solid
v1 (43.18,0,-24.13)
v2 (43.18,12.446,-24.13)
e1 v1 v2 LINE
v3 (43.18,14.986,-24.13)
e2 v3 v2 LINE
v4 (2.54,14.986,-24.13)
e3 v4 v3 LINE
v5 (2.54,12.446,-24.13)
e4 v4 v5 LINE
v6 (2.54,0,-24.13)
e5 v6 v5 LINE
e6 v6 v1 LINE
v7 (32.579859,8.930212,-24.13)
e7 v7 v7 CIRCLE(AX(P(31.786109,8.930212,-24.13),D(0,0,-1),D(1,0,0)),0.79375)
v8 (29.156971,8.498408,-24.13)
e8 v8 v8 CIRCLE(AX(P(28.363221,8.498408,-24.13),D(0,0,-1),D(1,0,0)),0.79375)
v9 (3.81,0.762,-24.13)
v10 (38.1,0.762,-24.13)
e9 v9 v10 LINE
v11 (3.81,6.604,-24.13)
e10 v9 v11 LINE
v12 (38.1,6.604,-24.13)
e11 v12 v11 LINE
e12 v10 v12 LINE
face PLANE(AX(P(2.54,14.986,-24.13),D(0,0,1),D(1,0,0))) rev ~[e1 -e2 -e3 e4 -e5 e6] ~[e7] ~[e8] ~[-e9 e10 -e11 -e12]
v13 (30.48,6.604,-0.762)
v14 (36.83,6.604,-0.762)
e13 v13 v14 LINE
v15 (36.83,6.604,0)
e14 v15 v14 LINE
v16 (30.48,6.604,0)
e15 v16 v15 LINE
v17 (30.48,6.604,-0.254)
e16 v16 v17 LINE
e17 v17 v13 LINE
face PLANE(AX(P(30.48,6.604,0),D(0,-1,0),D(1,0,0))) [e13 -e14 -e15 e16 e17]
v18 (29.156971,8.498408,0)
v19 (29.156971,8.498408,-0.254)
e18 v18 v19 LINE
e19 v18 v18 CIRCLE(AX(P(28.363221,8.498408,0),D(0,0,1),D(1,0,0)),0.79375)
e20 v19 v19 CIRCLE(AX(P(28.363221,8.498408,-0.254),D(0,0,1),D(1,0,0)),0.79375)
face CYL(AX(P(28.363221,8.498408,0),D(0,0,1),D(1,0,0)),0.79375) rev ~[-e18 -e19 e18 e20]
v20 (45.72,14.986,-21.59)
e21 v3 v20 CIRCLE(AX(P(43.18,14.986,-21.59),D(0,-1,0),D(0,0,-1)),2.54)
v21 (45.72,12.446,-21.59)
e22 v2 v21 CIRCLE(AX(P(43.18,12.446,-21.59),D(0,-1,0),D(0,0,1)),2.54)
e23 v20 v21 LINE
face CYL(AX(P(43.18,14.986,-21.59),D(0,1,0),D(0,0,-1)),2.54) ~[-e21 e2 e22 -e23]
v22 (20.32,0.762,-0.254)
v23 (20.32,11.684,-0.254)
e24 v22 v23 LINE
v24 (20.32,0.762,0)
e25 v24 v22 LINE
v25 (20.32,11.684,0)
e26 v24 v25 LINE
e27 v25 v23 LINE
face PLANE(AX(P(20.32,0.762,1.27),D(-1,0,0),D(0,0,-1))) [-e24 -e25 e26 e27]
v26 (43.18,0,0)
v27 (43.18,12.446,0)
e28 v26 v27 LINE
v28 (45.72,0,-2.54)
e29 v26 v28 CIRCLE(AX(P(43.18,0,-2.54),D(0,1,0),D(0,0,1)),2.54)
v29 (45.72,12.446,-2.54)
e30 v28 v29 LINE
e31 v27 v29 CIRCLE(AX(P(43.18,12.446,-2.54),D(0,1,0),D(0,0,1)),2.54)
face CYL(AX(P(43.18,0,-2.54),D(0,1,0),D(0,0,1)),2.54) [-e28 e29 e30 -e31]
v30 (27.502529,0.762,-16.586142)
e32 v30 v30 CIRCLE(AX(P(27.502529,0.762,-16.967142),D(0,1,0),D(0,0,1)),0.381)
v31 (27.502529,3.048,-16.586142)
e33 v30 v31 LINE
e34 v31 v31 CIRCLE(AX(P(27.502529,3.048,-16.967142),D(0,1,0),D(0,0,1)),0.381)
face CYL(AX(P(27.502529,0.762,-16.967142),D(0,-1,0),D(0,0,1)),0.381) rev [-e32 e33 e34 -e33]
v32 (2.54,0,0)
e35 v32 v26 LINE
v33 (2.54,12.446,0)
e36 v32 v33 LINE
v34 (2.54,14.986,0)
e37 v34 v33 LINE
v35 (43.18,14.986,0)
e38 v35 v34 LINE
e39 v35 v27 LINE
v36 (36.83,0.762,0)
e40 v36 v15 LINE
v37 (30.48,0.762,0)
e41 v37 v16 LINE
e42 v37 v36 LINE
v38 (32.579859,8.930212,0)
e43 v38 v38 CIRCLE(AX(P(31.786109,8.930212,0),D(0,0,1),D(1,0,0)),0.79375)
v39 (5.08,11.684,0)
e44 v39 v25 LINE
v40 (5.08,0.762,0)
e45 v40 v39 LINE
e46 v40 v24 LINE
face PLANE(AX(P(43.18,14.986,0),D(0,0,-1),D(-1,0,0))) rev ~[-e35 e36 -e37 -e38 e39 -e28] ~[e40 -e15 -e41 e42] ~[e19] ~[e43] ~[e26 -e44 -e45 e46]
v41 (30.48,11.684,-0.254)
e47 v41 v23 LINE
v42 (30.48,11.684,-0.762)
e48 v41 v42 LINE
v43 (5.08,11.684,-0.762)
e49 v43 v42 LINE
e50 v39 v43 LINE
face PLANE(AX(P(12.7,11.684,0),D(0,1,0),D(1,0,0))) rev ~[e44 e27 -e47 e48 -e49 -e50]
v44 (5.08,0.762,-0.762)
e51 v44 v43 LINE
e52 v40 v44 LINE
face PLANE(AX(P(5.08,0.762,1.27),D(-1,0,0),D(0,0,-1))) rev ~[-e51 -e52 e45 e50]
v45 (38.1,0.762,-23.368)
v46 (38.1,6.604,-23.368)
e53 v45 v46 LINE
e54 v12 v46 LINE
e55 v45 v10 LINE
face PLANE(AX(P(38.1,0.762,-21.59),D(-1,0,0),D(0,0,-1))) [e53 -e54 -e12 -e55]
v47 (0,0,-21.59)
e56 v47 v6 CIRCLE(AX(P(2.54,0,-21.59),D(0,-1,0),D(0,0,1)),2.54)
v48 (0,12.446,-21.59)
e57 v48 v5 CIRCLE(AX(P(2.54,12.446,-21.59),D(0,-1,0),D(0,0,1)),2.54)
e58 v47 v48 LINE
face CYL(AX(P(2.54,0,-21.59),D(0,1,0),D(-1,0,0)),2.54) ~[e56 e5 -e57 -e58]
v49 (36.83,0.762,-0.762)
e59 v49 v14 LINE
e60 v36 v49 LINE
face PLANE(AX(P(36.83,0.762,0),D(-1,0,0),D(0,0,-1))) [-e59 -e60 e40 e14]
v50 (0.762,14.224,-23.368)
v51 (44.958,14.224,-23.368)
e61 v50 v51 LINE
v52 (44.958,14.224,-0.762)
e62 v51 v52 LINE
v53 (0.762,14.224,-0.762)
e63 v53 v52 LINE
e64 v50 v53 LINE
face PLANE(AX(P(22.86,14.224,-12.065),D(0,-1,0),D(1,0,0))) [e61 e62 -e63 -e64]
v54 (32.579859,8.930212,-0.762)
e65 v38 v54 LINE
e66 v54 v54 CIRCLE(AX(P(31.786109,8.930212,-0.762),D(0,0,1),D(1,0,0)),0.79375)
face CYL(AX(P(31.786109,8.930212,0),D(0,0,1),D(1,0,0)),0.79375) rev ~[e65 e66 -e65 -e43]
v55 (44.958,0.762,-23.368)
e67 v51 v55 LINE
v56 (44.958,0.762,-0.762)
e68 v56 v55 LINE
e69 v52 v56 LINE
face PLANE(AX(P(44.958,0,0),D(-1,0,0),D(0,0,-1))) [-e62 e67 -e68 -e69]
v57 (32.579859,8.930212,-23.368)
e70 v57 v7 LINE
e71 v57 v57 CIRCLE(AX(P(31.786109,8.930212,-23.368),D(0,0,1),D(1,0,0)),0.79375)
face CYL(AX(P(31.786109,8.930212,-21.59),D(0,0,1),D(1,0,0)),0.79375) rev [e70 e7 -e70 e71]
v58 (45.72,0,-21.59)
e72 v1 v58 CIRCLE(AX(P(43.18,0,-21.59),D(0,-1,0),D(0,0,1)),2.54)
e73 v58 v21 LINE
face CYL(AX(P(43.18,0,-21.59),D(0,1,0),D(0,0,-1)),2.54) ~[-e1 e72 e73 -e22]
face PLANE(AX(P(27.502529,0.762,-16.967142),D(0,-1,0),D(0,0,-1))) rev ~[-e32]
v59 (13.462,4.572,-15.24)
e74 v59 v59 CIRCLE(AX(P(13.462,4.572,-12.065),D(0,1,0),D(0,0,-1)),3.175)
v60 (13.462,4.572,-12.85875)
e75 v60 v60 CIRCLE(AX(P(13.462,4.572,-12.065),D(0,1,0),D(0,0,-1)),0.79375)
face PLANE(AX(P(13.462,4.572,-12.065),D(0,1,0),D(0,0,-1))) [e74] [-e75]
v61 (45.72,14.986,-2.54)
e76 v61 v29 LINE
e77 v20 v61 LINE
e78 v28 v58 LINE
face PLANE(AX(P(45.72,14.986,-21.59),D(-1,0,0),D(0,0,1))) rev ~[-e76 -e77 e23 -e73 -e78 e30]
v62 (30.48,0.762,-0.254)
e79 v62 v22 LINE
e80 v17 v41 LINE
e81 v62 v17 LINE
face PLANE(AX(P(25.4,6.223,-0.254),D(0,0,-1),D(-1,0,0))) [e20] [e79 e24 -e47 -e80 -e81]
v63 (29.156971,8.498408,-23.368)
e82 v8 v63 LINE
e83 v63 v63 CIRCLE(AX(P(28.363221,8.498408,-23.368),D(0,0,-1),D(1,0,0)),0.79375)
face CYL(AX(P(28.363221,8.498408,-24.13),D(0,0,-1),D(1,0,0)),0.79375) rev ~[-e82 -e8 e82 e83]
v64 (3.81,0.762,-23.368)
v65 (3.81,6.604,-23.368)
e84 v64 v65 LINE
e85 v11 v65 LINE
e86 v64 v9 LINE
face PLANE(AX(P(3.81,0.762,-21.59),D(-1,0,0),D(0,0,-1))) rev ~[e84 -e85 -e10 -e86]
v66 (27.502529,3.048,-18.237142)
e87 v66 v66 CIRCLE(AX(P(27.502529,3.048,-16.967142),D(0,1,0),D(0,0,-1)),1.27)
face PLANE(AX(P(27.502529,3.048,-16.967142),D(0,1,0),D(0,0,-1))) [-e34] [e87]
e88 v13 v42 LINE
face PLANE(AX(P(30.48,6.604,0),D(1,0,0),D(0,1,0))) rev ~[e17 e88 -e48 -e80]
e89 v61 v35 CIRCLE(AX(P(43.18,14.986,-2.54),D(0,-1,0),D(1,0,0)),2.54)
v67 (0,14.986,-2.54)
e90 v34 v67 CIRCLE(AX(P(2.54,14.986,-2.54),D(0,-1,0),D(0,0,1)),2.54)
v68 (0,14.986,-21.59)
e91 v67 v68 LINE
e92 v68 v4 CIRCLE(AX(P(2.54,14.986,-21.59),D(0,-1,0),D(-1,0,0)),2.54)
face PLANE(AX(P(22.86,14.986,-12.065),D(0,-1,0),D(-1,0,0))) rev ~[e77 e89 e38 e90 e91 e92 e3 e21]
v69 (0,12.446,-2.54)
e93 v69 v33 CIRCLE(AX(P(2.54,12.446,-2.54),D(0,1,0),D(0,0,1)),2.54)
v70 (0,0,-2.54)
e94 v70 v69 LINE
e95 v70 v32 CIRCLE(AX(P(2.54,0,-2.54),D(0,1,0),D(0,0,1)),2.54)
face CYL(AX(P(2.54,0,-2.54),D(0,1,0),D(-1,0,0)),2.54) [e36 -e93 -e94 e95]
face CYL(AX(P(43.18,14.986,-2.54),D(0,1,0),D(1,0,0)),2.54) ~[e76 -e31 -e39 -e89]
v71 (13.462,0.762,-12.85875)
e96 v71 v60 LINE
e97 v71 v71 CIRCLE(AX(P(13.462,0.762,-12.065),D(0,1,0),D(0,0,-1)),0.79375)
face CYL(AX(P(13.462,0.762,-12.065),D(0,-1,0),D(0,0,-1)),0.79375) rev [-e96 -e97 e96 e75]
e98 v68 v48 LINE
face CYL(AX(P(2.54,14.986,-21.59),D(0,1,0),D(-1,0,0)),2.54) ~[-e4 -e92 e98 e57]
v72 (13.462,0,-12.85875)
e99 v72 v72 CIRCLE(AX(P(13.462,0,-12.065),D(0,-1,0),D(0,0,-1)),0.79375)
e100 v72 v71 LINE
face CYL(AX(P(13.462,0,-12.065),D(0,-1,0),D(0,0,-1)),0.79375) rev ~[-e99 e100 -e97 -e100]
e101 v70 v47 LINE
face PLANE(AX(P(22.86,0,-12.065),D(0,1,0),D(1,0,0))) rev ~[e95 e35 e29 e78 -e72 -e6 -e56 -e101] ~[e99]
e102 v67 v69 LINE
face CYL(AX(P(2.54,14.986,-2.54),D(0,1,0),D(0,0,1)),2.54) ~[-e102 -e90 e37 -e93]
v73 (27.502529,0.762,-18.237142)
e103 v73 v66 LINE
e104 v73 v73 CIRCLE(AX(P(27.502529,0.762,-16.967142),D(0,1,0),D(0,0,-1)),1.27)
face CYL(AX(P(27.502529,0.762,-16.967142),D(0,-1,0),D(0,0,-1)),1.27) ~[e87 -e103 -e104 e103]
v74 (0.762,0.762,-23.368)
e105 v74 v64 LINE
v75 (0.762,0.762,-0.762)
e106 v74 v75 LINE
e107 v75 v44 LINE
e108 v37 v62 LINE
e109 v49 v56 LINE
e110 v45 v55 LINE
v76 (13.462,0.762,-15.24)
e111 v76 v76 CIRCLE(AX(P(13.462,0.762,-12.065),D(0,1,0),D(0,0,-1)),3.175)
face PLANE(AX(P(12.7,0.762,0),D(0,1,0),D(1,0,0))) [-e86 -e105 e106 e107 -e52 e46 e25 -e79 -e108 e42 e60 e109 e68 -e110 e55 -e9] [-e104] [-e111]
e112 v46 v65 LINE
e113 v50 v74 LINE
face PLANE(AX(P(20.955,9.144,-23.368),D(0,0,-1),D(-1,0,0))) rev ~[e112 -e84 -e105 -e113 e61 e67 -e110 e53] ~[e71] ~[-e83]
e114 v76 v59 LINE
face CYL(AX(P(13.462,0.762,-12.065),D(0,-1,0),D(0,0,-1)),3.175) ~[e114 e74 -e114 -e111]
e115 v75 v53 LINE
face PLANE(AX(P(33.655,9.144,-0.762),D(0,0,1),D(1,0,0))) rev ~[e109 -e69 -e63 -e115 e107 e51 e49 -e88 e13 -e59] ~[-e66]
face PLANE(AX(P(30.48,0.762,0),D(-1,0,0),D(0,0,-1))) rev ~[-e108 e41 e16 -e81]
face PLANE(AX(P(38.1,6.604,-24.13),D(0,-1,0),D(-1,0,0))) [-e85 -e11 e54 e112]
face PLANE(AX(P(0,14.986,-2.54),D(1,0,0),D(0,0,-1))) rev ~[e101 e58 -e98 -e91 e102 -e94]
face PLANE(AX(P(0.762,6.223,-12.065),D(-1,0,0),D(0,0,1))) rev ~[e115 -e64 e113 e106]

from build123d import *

# Parameters (mm, degrees)
SKETCH1_W           = 45.72
SKETCH1_H           = 24.13
BOSS_EXTRUDE1_DEPTH = 12.446
SHELL2_T            = -0.762
SKETCH2_W           = 22.606
SKETCH2_H           = 10.922
BOSS_EXTRUDE2_DEPTH = 0.762
FILLET1_R           = 2.54
SKETCH4_W           = 34.29
SKETCH4_H           = 3.81
SKETCH4_W_2         = 15.24
SKETCH4_H_2         = 2.54
CUT_EXTRUDE2_DEPTH  = 10.922
SKETCH6_W           = 6.35
SKETCH6_H           = 1.27
CUT_EXTRUDE3_DEPTH  = 10.922
SKETCH7_W           = 10.16
SKETCH7_H           = 10.922
CUT_EXTRUDE4_DEPTH  = 0.508
SKETCH8_R           = 3.175
SKETCH8_R_2         = 0.79375
BOSS_EXTRUDE3_DEPTH = 3.81
SKETCH9_R           = 1.27
SKETCH9_R_2         = 0.381
BOSS_EXTRUDE4_DEPTH = 2.286
CUT_EXTRUDE5_REACH  = 55.174
SKETCH10_R          = 0.79375
SKETCH10_R_2        = 0.381
BOSS_EXTRUDE5_START = -0.762
SKETCH11_R          = 0.381
BOSS_EXTRUDE5_DEPTH = 0.762
SKETCH12_R          = 0.79375
CUT_EXTRUDE6_DEPTH  = 0.762
SKETCH13_W          = 34.29
SKETCH13_H          = 5.08
BOSS_EXTRUDE6_DEPTH = 0.762
SKETCH14_R          = 0.79375
CUT_EXTRUDE7_DEPTH  = 54.174037048
BOSS_EXTRUDE7_START = 2.54
BOSS_EXTRUDE7_DEPTH = 2.54
SKETCH16_W          = 44.196
SKETCH16_H          = 22.606
CUT_EXTRUDE9_DEPTH  = 2.54
SKETCH18_W          = 6.35
SKETCH18_H          = 5.08
SKETCH18_R          = 0.79375
BOSS_EXTRUDE8_DEPTH = 0.762
CUT_EXTRUDE12_START = -2.54
SKETCH19_R          = 0.79375
CUT_EXTRUDE12_DEPTH = 2.54


with BuildPart() as part:
    # Sketch1 → Boss-Extrude1 (new body)
    with BuildSketch(Plane(origin=(0, 0, 0), x_dir=(1, 0, 0), z_dir=(0, 1, 0))):
        with Locations((22.86, 12.065)):
            Rectangle(SKETCH1_W, SKETCH1_H)
    extrude(amount=BOSS_EXTRUDE1_DEPTH)

    # Shell2
    shell2_openings = [part.faces().sort_by_distance(p)[0] for p in [
        (0, 6.223, -12.065),
    ]]
    offset(amount=SHELL2_T, openings=shell2_openings, kind=Kind.INTERSECTION)

    # Sketch2 → Boss-Extrude2 (add)
    with BuildSketch(Plane.ZY):
        with Locations((-12.065, 6.223)):
            Rectangle(SKETCH2_W, SKETCH2_H)
    extrude(amount=-BOSS_EXTRUDE2_DEPTH)

    # Fillet1
    fillet1_edges = [part.edges().sort_by_distance(p)[0] for p in [
        (0, 6.223, -24.13),
        (45.72, 6.223, -24.13),
        (45.72, 6.223, 0),
        (0, 6.223, 0),
    ]]
    fillet(fillet1_edges, radius=FILLET1_R)

    # Sketch4 → Cut-Extrude2 (cut)
    with BuildSketch(Plane(origin=(0, 0.762, 0), x_dir=(1, 0, 0), z_dir=(0, 1, 0))):
        with Locations((20.955, 23.495)):
            Rectangle(SKETCH4_W, SKETCH4_H)
        with Locations((12.7, 0)):
            Rectangle(SKETCH4_W_2, SKETCH4_H_2)
    extrude(amount=CUT_EXTRUDE2_DEPTH, mode=Mode.SUBTRACT)

    # Sketch6 → Cut-Extrude3 (cut)
    with BuildSketch(Plane(origin=(0, 0.762, 0), x_dir=(1, 0, 0), z_dir=(0, 1, 0))):
        with Locations((33.655, 0.635)):
            Rectangle(SKETCH6_W, SKETCH6_H)
    extrude(amount=CUT_EXTRUDE3_DEPTH, mode=Mode.SUBTRACT)

    # Sketch7 → Cut-Extrude4 (cut)
    with BuildSketch(Plane(origin=(0, 0, -0.762), x_dir=(-1, 0, 0), z_dir=(0, 0, -1))):
        with Locations((-25.4, 6.223)):
            Rectangle(SKETCH7_W, SKETCH7_H)
    extrude(amount=-CUT_EXTRUDE4_DEPTH, mode=Mode.SUBTRACT)

    # Sketch8 → Boss-Extrude3 (add)
    with BuildSketch(Plane(origin=(0, 0.762, 0), x_dir=(1, 0, 0), z_dir=(0, 1, 0))):
        with Locations(Location((13.462, 12.065, 0), (0, 0, 90))):
            Circle(SKETCH8_R)
        with Locations(Location((13.462, 12.065, 0), (0, 0, 90))):
            Circle(SKETCH8_R_2, mode=Mode.SUBTRACT)
    extrude(amount=BOSS_EXTRUDE3_DEPTH)

    # Sketch9 → Boss-Extrude4 (add)
    with BuildSketch(Plane(origin=(0, 0.762, 0), x_dir=(1, 0, 0), z_dir=(0, 1, 0))):
        with Locations(Location((27.50252945, 16.967141741, 0), (0, 0, 90))):
            Circle(SKETCH9_R)
        with Locations(Location((27.50252945, 16.967141741, 0), (0, 0, 270))):
            Circle(SKETCH9_R_2, mode=Mode.SUBTRACT)
    extrude(amount=BOSS_EXTRUDE4_DEPTH)

    # Sketch10 → Cut-Extrude5 (cut, up to next)
    with BuildSketch(Plane.XZ, mode=Mode.PRIVATE) as cut_extrude5_sk1:
        with Locations(Location((13.462, -12.065, 0), (0, 0, 270))):
            Circle(SKETCH10_R)
    cut_extrude5_tool1 = extrude(cut_extrude5_sk1.sketch, amount=-CUT_EXTRUDE5_REACH, mode=Mode.PRIVATE) & part.part
    # Sketch10 → Cut-Extrude5 (cut, up to next)
    with BuildSketch(Plane.XZ, mode=Mode.PRIVATE) as cut_extrude5_sk2:
        with Locations(Location((27.50252945, -16.967141741, 0), (0, 0, 270))):
            Circle(SKETCH10_R_2)
    cut_extrude5_tool2 = extrude(cut_extrude5_sk2.sketch, amount=-CUT_EXTRUDE5_REACH, mode=Mode.PRIVATE) & part.part
    # Sketch10 → Cut-Extrude5 (cut, up to next)
    with BuildSketch(Plane.XZ, mode=Mode.PRIVATE) as cut_extrude5_sk3:
        with Locations(Location((33.344788808, -6.833988408, 0), (0, 0, 270))):
            Circle(SKETCH10_R_2)
    cut_extrude5_tool3 = extrude(cut_extrude5_sk3.sketch, amount=-CUT_EXTRUDE5_REACH, mode=Mode.PRIVATE) & part.part
    add(cut_extrude5_tool1.solids().sort_by_distance((13.462, 0, -12.065))[0], mode=Mode.SUBTRACT)
    add(cut_extrude5_tool2.solids().sort_by_distance((27.502529, 0, -16.967142))[0], mode=Mode.SUBTRACT)
    add(cut_extrude5_tool3.solids().sort_by_distance((33.344789, 0, -6.833988))[0], mode=Mode.SUBTRACT)

    # Sketch11 → Boss-Extrude5 (add)
    with BuildSketch(Plane.XZ.offset(BOSS_EXTRUDE5_START)):
        with Locations(Location((27.50252945, -16.967141741, 0), (0, 0, 270))):
            Circle(SKETCH11_R)
        with Locations((33.344788808, -6.833988408)):
            Circle(SKETCH11_R)
    extrude(amount=BOSS_EXTRUDE5_DEPTH)

    # Sketch12 → Cut-Extrude6 (cut)
    with BuildSketch(Plane.XY):
        with Locations((28.36322115, 8.4984082)):
            Circle(SKETCH12_R)
    extrude(amount=-CUT_EXTRUDE6_DEPTH, mode=Mode.SUBTRACT)

    # Sketch13 → Boss-Extrude6 (add)
    with BuildSketch(Plane(origin=(0, 0, -24.13), x_dir=(-1, 0, 0), z_dir=(0, 0, -1))):
        with Locations((-20.955, 9.144)):
            Rectangle(SKETCH13_W, SKETCH13_H)
    extrude(amount=-BOSS_EXTRUDE6_DEPTH)

    # Sketch14 → Cut-Extrude7 (cut, through all)
    with BuildSketch(Plane(origin=(0, 0, -24.13), x_dir=(-1, 0, 0), z_dir=(0, 0, -1))):
        with Locations(Location((-28.36322115, 8.4984082, 0), (0, 0, 180))):
            Circle(SKETCH14_R)
    extrude(amount=-CUT_EXTRUDE7_DEPTH, mode=Mode.SUBTRACT)

    # Sketch15 → Boss-Extrude7 (add)
    with BuildSketch(Plane(origin=(0, 12.446, 0), x_dir=(1, 0, 0), z_dir=(0, 1, 0)).offset(BOSS_EXTRUDE7_START)):
        with BuildLine():
            Line((0, 2.54), (0, 21.59))
            ThreePointArc((0, 21.59), (0.743948776, 23.386051224), (2.54, 24.13))
            Line((2.54, 24.13), (43.18, 24.13))
            ThreePointArc((43.18, 24.13), (44.976051224, 23.386051224), (45.72, 21.59))
            Line((45.72, 21.59), (45.72, 2.54))
            ThreePointArc((45.72, 2.54), (44.976051224, 0.743948776), (43.18, 0))
            Line((43.18, 0), (2.54, 0))
            ThreePointArc((2.54, 0), (0.743948776, 0.743948776), (0, 2.54))
        make_face()
    extrude(amount=-BOSS_EXTRUDE7_DEPTH)

    # Sketch16 → Cut-Extrude9 (cut)
    with BuildSketch(Plane.XZ.offset(-11.684)):
        with Locations((22.86, -12.065)):
            Rectangle(SKETCH16_W, SKETCH16_H)
    extrude(amount=-CUT_EXTRUDE9_DEPTH, mode=Mode.SUBTRACT)

    # Sketch18 → Boss-Extrude8 (add)
    with BuildSketch(Plane.XY):
        with Locations((33.655, 9.144)):
            Rectangle(SKETCH18_W, SKETCH18_H)
        with Locations((31.786109402, 8.930211756)):
            Circle(SKETCH18_R, mode=Mode.SUBTRACT)
    extrude(amount=-BOSS_EXTRUDE8_DEPTH)

    # Sketch19 → Cut-Extrude12 (cut)
    with BuildSketch(Plane(origin=(0, 0, -24.13), x_dir=(-1, 0, 0), z_dir=(0, 0, -1)).offset(CUT_EXTRUDE12_START)):
        with Locations(Location((-31.786109402, 8.930211756, 0), (0, 0, 180))):
            Circle(SKETCH19_R)
    extrude(amount=CUT_EXTRUDE12_DEPTH, mode=Mode.SUBTRACT)


solid = part.part
